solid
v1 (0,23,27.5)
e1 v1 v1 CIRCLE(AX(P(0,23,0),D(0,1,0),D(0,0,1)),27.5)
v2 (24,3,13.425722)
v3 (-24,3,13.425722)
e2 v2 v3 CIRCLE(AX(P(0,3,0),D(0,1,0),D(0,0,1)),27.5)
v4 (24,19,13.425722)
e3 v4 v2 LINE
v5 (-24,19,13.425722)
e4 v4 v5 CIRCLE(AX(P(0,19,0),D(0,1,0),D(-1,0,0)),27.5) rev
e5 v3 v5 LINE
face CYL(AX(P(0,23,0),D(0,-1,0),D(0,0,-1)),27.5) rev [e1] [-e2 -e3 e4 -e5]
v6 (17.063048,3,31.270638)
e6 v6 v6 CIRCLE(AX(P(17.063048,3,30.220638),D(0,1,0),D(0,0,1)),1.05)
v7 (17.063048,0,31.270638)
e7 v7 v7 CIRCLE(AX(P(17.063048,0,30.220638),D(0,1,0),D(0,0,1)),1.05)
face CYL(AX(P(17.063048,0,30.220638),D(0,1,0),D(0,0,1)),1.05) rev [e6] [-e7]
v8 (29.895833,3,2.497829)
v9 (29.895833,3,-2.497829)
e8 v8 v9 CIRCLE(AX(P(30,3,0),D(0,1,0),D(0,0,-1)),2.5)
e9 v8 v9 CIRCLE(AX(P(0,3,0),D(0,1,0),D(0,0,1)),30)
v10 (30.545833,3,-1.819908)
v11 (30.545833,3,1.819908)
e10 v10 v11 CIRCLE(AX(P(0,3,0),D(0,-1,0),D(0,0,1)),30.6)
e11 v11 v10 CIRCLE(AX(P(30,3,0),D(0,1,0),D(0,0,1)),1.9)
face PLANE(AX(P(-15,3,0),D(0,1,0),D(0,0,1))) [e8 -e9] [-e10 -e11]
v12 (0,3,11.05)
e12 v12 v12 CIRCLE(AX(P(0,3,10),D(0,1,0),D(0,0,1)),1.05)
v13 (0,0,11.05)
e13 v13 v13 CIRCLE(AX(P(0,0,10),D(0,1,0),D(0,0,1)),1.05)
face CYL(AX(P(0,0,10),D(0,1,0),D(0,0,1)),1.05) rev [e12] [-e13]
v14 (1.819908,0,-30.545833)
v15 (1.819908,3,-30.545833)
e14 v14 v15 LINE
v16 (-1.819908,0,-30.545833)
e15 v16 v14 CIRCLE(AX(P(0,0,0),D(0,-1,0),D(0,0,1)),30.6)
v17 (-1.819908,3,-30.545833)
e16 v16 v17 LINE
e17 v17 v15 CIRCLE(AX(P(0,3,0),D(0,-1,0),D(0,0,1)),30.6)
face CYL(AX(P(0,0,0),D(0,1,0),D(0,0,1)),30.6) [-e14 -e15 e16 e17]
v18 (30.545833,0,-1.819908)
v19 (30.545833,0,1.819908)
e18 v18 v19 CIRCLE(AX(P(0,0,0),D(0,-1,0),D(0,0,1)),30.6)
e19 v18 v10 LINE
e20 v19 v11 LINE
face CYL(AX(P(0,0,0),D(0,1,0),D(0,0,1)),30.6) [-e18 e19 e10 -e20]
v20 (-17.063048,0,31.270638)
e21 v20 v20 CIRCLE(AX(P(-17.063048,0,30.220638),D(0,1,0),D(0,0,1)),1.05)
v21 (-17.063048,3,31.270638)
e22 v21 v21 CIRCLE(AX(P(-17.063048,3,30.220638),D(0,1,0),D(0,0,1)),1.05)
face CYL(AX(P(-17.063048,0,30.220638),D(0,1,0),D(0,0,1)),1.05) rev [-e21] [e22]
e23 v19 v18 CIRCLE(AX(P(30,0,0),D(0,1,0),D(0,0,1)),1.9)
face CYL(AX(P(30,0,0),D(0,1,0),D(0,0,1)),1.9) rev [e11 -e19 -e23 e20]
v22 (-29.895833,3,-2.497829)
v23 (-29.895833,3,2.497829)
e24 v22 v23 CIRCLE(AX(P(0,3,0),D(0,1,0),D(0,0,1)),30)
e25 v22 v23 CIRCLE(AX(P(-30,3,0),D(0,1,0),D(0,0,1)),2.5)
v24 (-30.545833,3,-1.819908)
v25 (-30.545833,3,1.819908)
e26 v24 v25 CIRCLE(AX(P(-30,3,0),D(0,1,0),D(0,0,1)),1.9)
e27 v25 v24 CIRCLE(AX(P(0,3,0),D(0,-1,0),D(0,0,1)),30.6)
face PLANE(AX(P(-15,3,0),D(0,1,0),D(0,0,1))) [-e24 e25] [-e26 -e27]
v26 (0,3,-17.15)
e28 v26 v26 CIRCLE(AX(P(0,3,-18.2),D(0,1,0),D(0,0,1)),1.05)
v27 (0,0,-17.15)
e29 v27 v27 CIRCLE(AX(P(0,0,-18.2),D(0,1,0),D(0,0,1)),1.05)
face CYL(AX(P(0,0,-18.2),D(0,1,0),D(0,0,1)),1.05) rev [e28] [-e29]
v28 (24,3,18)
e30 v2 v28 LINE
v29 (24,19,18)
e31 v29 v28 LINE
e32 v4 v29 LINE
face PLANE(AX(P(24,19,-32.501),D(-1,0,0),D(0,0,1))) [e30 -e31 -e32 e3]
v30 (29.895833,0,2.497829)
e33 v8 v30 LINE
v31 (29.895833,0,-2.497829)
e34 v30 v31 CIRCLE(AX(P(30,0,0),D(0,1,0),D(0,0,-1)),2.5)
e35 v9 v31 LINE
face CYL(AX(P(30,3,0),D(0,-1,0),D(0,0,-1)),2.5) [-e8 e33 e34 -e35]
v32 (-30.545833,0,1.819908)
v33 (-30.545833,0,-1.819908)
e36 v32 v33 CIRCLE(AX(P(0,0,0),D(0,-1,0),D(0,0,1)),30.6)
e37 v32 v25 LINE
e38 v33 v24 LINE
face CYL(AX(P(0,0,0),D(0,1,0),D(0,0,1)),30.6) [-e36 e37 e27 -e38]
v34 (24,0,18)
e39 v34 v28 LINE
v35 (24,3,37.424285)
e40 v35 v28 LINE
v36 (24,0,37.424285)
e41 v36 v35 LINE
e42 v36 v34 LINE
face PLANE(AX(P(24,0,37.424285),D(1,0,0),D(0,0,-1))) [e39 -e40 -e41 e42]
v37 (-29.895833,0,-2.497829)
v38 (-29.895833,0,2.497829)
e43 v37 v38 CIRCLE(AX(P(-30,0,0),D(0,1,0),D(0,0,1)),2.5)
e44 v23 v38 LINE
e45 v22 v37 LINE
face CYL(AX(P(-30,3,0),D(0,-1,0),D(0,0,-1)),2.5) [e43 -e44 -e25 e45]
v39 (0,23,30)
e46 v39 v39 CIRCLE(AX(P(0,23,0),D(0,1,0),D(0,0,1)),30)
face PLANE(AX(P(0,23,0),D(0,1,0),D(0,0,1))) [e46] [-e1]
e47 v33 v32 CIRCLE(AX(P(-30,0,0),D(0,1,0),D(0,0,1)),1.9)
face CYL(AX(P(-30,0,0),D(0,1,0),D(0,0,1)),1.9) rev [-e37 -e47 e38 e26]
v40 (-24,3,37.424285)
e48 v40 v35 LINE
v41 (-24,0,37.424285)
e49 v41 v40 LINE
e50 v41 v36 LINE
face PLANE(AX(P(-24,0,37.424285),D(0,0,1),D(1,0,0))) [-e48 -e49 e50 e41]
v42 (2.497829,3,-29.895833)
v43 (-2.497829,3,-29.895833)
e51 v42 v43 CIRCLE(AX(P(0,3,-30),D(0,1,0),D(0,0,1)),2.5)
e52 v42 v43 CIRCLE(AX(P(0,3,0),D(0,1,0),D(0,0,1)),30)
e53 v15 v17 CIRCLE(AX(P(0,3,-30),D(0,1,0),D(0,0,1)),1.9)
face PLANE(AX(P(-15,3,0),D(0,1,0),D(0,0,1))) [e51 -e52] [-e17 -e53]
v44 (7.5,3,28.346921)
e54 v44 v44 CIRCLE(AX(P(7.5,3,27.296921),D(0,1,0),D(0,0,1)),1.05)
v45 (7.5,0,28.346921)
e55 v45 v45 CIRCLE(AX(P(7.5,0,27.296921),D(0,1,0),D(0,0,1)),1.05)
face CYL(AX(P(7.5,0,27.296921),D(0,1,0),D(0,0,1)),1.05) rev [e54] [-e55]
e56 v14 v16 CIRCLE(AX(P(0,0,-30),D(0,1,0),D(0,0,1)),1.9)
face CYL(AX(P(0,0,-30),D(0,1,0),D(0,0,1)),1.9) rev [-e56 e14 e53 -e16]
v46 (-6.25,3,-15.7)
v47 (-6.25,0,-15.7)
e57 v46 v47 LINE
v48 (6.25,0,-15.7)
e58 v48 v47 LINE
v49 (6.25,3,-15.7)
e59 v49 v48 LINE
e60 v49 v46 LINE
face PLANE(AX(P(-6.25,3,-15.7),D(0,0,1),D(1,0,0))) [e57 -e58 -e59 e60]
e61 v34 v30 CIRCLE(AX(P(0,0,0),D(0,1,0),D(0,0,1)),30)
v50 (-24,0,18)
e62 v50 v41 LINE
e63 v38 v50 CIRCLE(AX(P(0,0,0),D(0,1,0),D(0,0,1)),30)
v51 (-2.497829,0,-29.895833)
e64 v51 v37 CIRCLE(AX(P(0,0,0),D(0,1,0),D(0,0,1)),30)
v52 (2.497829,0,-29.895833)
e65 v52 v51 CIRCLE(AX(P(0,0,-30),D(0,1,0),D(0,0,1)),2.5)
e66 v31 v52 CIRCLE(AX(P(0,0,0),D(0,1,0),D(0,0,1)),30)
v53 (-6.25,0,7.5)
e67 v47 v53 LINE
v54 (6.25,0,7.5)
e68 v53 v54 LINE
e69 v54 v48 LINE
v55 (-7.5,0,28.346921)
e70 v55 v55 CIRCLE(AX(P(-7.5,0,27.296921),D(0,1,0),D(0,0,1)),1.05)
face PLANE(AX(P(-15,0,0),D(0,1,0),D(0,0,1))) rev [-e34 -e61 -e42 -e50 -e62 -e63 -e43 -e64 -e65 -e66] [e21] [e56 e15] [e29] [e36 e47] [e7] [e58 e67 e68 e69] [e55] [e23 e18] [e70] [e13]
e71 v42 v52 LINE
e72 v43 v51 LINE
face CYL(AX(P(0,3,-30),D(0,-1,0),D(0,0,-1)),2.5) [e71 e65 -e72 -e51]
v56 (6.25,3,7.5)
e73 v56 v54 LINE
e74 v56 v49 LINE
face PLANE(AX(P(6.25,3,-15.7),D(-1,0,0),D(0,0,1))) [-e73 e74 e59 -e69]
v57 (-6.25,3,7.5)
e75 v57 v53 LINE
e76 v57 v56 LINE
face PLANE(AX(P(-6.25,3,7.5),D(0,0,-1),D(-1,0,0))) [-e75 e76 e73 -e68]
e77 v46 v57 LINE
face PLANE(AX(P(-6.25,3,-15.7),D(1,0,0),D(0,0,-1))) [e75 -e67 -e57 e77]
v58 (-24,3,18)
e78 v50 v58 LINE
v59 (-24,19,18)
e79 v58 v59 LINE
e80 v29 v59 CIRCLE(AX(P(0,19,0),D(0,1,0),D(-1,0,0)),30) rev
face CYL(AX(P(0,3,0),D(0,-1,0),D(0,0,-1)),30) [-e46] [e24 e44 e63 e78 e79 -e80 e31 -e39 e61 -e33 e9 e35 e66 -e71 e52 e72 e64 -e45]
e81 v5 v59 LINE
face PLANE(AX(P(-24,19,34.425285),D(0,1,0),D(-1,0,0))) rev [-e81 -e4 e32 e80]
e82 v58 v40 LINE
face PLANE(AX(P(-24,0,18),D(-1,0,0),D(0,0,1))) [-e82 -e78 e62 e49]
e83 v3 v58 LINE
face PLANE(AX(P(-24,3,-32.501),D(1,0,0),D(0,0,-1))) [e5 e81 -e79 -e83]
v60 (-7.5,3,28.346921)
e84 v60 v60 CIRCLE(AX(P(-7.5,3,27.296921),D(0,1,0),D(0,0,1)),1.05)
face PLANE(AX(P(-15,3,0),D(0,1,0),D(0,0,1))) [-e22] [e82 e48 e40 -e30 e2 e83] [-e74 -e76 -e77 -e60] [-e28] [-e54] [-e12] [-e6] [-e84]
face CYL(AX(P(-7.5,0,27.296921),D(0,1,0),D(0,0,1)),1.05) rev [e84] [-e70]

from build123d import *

# Parameters (mm, degrees)
SKETCH1_W           = 12.5
SKETCH1_H           = 23.2
BOSS_EXTRUDE1_DEPTH = 3
SKETCH4_R           = 30
SKETCH4_R_2         = 27.5
BOSS_EXTRUDE3_DEPTH = 20
SKETCH5_R           = 1.05
CUT_EXTRUDE2_DEPTH  = 51.124844139
BOSS_EXTRUDE4_DEPTH = 3
CUT_EXTRUDE11_START = -8.575715
SKETCH9_W           = 48
SKETCH9_H           = 16
CUT_EXTRUDE11_DEPTH = 16.574279
CUT_EXTRUDE12_DEPTH = 52.393398578
BOSS_EXTRUDE8_START = -3
BOSS_EXTRUDE8_DEPTH = 3
SKETCH10_R          = 1.05
CUT_EXTRUDE13_DEPTH = 54.449294936


with BuildPart() as part:
    # Sketch1 → Boss-Extrude1 (new body)
    with BuildSketch(Plane(origin=(0, 0, 0), x_dir=(1, 0, 0), z_dir=(0, 1, 0))):
        with BuildLine():
            ThreePointArc((-29.895833333, -2.497828918), (0, -30), (29.895833333, -2.497828918))
            ThreePointArc((29.895833333, -2.497828918), (32.5, 0), (29.895833333, 2.497828918))
            ThreePointArc((29.895833333, 2.497828918), (21.213203436, 21.213203436), (2.497828918, 29.895833333))
            ThreePointArc((2.497828918, 29.895833333), (0, 32.5), (-2.497828918, 29.895833333))
            ThreePointArc((-2.497828918, 29.895833333), (-21.213203436, 21.213203436), (-29.895833333, 2.497828918))
            ThreePointArc((-29.895833333, 2.497828918), (-32.5, 0), (-29.895833333, -2.497828918))
        make_face()
        with Locations((0, 4.1)):
            Rectangle(SKETCH1_W, SKETCH1_H, mode=Mode.SUBTRACT)
    extrude(amount=BOSS_EXTRUDE1_DEPTH)

    # Sketch4 → Boss-Extrude3 (add)
    with BuildSketch(Plane(origin=(0, 3, 0), x_dir=(1, 0, 0), z_dir=(0, 1, 0))):
        with Locations(Location((0, 0, 0), (0, 0, 85.223969073))):
            Circle(SKETCH4_R)
        with Locations(Location((0, 0, 0), (0, 0, 270))):
            Circle(SKETCH4_R_2, mode=Mode.SUBTRACT)
    extrude(amount=BOSS_EXTRUDE3_DEPTH)

    # Sketch5 → Cut-Extrude2 (cut, through all)
    with BuildSketch(Plane(origin=(0, 3, 0), x_dir=(1, 0, 0), z_dir=(0, 1, 0))):
        with Locations(Location((0, 18.2, 0), (0, 0, 270))):
            Circle(SKETCH5_R)
        with Locations(Location((0, -10, 0), (0, 0, 270))):
            Circle(SKETCH5_R)
    extrude(amount=-CUT_EXTRUDE2_DEPTH, mode=Mode.SUBTRACT)

    # Sketch6 → Boss-Extrude4 (add)
    with BuildSketch(Plane(origin=(0, 0, 0), x_dir=(1, 0, 0), z_dir=(0, 1, 0))):
        with BuildLine():
            Line((-21, -21.424285286), (-21, -34.424285286))
            Line((-21, -34.424285286), (21, -34.424285286))
            Line((21, -34.424285286), (21, -21.424285286))
            ThreePointArc((21, -21.424285286), (0, -30), (-21, -21.424285286))
        make_face()
    extrude(amount=BOSS_EXTRUDE4_DEPTH)

    # Sketch9 → Cut-Extrude11 (cut)
    with BuildSketch(Plane(origin=(0, 0, 21.424285286), x_dir=(-1, 0, 0), z_dir=(0, 0, -1)).offset(CUT_EXTRUDE11_START)):
        with Locations((0, 11)):
            Rectangle(SKETCH9_W, SKETCH9_H)
    extrude(amount=CUT_EXTRUDE11_DEPTH, mode=Mode.SUBTRACT)

    # Sketch12 → Cut-Extrude12 (cut, through all)
    with BuildSketch(Plane(origin=(0, 3, 0), x_dir=(1, 0, 0), z_dir=(0, 1, 0))):
        with BuildLine():
            ThreePointArc((1.819908232, 30.545833333), (0, 30.6), (-1.819908232, 30.545833333))
            ThreePointArc((-1.819908232, 30.545833333), (0, 31.9), (1.819908232, 30.545833333))
        make_face()
        with BuildLine():
            ThreePointArc((30.545833333, -1.819908232), (30.6, 0), (30.545833333, 1.819908232))
            ThreePointArc((30.545833333, 1.819908232), (31.9, 0), (30.545833333, -1.819908232))
        make_face()
        with BuildLine():
            ThreePointArc((-30.545833333, 1.819908232), (-30.6, 0), (-30.545833333, -1.819908232))
            ThreePointArc((-30.545833333, -1.819908232), (-31.9, 0), (-30.545833333, 1.819908232))
        make_face()
    extrude(amount=-CUT_EXTRUDE12_DEPTH, mode=Mode.SUBTRACT)

    # Sketch13 → Boss-Extrude8 (add)
    with BuildSketch(Plane(origin=(0, 3, 0), x_dir=(1, 0, 0), z_dir=(0, 1, 0)).offset(BOSS_EXTRUDE8_START)):
        with BuildLine():
            Line((21, -34.424285286), (21, -21.424285286))
            ThreePointArc((21, -21.424285286), (22.565048913, -19.769131685), (24, -18))
            Line((24, -18), (24, -37.424285286))
            Line((24, -37.424285286), (-24, -37.424285286))
            Line((-24, -37.424285286), (-24, -18))
            ThreePointArc((-24, -18), (-22.565048913, -19.769131685), (-21, -21.424285286))
            Line((-21, -21.424285286), (-21, -34.424285286))
            Line((-21, -34.424285286), (21, -34.424285286))
        make_face()
    extrude(amount=BOSS_EXTRUDE8_DEPTH)

    # Sketch10 → Cut-Extrude13 (cut, through all)
    with BuildSketch(Plane(origin=(0, 3, 0), x_dir=(1, 0, 0), z_dir=(0, 1, 0))):
        with Locations(Location((-7.5, -27.296921086, 0), (0, 0, 270))):
            Circle(SKETCH10_R)
        with Locations(Location((-17.06304756, -30.220638133, 0), (0, 0, 270))):
            Circle(SKETCH10_R)
        with Locations(Location((7.5, -27.296921086, 0), (0, 0, 270))):
            Circle(SKETCH10_R)
        with Locations(Location((17.06304756, -30.220638133, 0), (0, 0, 270))):
            Circle(SKETCH10_R)
    extrude(amount=-CUT_EXTRUDE13_DEPTH, mode=Mode.SUBTRACT)


solid = part.part
